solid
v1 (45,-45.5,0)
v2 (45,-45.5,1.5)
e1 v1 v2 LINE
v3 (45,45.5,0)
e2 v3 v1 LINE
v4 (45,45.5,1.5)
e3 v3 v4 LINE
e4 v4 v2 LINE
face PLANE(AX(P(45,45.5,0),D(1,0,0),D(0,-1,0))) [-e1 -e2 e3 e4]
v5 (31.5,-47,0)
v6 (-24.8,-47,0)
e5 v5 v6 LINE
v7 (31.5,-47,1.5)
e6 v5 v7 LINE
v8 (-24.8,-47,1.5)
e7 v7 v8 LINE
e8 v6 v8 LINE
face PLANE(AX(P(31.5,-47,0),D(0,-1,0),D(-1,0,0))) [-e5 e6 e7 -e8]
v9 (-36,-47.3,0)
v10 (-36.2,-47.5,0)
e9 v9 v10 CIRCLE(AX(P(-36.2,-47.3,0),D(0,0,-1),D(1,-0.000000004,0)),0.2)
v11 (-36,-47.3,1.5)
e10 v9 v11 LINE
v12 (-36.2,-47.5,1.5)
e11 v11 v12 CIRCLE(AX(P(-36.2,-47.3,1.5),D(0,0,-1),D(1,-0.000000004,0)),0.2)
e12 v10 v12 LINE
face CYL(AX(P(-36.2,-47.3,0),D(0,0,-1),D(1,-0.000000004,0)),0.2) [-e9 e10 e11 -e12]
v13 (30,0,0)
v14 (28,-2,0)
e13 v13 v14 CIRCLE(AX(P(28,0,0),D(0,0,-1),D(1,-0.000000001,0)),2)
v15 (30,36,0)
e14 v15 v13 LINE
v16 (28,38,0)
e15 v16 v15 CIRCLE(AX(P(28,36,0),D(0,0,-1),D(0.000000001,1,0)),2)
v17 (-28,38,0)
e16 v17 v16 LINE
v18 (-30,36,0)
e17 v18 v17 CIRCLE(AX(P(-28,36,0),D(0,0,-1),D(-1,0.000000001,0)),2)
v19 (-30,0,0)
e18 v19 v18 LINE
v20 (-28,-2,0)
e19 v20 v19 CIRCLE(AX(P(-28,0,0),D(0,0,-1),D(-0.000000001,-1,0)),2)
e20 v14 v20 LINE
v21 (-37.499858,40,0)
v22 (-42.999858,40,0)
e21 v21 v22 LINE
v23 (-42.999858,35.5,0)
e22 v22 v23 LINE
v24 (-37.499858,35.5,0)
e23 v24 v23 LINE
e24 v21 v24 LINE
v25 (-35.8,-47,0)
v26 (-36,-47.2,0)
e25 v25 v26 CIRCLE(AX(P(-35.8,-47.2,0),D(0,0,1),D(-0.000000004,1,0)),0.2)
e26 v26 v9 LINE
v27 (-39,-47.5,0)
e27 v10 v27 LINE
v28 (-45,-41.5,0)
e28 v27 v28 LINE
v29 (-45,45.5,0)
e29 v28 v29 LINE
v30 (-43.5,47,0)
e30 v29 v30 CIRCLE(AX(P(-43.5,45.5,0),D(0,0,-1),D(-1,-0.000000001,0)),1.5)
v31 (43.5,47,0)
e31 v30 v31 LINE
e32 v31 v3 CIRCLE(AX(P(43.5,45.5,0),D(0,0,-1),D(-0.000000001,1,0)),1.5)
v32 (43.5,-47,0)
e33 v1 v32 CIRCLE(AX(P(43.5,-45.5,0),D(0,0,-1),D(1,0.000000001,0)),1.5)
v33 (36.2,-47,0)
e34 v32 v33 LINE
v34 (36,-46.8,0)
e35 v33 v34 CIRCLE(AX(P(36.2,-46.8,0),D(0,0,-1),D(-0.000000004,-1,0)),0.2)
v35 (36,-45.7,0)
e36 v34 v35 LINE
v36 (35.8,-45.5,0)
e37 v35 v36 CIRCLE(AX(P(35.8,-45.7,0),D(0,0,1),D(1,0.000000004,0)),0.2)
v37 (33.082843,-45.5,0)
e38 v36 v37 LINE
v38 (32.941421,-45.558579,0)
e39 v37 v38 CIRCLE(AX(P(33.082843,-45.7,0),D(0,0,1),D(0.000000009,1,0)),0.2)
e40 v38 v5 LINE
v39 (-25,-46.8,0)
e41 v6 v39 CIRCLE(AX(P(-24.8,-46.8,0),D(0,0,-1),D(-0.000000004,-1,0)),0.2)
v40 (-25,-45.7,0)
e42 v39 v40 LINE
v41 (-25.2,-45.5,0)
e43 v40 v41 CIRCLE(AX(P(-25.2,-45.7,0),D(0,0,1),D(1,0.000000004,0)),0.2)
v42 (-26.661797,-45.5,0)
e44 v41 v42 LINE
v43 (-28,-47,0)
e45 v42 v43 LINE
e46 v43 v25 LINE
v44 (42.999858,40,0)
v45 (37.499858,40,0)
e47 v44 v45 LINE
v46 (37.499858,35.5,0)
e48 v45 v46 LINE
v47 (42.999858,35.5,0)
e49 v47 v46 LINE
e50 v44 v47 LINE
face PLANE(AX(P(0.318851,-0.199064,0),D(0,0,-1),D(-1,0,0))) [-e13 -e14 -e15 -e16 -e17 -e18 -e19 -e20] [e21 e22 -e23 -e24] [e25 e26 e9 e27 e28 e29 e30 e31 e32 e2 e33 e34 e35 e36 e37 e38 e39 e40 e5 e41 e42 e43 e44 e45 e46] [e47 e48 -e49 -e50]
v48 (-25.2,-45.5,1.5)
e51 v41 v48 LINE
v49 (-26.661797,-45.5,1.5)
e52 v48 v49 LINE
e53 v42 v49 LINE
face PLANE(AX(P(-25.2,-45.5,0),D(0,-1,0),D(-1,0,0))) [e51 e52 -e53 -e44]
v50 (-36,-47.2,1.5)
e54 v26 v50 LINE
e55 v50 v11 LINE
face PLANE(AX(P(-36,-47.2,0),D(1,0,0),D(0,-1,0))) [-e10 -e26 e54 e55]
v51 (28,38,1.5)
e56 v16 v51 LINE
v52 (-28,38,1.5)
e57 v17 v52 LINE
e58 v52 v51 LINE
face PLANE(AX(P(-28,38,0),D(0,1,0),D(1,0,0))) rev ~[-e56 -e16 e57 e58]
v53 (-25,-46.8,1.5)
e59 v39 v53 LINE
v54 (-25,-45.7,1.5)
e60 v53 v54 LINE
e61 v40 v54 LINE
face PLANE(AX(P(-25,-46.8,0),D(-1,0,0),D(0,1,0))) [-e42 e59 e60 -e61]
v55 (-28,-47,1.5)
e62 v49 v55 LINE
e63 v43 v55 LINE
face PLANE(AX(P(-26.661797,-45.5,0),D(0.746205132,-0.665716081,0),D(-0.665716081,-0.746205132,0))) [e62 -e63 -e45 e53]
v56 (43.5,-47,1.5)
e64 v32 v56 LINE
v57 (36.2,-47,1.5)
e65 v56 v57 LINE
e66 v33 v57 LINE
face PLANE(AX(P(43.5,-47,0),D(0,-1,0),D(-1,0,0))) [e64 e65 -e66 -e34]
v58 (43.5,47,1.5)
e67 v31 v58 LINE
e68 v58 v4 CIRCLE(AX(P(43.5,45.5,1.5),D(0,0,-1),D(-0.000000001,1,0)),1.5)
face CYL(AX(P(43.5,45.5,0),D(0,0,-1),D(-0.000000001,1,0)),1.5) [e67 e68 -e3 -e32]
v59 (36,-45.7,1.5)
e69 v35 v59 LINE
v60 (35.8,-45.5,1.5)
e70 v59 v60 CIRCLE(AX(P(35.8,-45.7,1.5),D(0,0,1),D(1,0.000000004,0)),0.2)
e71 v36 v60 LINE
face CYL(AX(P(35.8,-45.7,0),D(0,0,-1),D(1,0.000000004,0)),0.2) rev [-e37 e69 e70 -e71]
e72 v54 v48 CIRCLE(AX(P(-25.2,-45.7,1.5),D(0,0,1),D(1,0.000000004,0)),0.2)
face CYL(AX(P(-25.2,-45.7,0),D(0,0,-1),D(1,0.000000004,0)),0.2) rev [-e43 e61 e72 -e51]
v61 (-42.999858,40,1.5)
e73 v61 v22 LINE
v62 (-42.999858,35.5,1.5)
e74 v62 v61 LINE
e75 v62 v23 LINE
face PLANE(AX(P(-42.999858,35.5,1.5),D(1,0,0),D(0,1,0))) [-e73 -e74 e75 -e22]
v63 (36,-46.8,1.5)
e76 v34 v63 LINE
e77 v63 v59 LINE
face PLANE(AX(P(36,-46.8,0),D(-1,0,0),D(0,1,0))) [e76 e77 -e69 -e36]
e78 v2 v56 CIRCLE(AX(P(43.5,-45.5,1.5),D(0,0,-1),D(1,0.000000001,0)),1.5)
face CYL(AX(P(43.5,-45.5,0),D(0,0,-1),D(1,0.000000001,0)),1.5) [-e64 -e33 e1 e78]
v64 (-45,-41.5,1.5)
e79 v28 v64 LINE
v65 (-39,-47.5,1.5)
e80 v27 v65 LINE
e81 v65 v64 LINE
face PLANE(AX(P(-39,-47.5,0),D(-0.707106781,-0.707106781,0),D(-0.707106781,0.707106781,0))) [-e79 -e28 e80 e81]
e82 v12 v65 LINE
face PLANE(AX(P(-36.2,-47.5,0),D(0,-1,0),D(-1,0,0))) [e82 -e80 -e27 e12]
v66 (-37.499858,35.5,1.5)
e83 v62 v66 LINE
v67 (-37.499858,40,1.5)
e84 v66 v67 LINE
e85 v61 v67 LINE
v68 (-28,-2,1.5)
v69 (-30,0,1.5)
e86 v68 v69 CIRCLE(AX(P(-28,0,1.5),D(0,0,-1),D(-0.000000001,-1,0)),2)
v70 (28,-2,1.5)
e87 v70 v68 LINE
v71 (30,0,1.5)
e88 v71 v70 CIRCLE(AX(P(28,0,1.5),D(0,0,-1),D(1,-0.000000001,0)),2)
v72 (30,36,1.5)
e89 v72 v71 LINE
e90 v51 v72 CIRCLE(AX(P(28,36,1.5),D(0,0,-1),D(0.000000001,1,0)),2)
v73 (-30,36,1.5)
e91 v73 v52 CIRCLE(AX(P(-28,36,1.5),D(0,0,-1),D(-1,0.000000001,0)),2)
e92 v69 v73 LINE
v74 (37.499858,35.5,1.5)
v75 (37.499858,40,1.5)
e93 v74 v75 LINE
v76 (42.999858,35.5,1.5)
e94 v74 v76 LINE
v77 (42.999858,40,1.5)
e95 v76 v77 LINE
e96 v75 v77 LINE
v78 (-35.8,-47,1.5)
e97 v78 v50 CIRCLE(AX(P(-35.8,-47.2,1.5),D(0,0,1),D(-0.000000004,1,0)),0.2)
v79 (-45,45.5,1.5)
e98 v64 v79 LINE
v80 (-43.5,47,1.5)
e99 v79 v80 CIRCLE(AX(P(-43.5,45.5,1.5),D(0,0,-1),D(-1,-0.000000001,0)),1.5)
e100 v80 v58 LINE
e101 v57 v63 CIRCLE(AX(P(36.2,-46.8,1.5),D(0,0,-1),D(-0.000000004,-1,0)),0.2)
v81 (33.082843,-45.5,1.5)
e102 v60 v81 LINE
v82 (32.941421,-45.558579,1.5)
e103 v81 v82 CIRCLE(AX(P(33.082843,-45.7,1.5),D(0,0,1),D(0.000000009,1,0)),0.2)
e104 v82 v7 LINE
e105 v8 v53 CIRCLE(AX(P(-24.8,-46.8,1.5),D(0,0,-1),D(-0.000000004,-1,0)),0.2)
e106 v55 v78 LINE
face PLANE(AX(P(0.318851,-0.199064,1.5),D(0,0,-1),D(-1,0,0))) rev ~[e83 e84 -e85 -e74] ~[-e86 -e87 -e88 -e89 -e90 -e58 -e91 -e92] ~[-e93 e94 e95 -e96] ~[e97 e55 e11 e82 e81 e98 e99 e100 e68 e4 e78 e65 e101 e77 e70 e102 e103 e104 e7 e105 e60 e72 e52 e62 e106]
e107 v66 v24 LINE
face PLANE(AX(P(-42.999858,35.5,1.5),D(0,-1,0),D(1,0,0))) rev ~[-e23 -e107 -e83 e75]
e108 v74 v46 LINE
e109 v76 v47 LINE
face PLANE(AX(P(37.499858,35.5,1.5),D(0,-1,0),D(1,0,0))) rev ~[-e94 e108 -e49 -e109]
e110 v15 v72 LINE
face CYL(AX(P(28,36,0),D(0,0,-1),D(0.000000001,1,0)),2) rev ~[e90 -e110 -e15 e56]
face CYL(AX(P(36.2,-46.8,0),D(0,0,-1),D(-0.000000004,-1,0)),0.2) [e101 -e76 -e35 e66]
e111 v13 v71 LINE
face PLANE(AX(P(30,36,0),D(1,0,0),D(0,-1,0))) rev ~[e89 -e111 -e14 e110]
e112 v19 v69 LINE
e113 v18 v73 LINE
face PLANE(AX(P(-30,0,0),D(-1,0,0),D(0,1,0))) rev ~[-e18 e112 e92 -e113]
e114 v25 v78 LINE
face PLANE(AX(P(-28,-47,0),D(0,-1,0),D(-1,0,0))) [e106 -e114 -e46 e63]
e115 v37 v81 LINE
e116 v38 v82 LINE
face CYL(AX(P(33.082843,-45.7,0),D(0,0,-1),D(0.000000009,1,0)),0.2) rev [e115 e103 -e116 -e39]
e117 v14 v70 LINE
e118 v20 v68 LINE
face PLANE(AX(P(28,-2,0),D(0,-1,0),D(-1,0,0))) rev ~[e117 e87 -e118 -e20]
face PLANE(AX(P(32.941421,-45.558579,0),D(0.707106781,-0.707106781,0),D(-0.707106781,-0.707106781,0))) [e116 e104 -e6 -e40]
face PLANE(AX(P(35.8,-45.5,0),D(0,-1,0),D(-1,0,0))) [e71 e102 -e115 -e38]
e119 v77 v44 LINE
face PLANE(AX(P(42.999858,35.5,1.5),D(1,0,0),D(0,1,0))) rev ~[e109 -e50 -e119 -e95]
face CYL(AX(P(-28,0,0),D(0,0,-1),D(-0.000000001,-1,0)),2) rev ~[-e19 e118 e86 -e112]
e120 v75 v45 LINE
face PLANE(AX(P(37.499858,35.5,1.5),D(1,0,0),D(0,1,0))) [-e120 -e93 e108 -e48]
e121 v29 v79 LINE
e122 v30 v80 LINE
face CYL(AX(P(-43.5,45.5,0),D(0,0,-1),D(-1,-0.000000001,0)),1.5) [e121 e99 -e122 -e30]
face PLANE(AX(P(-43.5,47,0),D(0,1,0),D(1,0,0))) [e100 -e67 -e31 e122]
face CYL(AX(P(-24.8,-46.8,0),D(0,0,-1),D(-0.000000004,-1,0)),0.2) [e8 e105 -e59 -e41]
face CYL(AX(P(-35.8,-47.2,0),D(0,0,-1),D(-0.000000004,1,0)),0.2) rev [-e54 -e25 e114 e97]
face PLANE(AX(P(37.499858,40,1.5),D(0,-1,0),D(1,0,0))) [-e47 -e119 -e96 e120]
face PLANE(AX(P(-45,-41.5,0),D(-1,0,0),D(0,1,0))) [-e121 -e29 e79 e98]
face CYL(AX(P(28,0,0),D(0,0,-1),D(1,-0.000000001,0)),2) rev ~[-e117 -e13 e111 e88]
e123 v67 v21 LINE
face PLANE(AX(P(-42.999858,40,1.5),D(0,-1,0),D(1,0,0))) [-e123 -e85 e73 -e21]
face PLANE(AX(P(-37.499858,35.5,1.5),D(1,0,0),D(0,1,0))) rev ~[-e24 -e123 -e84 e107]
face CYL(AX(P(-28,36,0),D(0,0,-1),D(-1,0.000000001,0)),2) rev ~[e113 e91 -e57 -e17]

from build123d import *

# Parameters (mm, degrees)
BASE_EXTRUDE_DEPTH = 1.5
SKETCH12_W         = 5.5
SKETCH12_H         = 4.5
CUT_EXTRUDE5_DEPTH = 66.448452999
CUT_EXTRUDE7_DEPTH = 66.448452999


with BuildPart() as part:
    # Sketch1 → Base-Extrude (new body)
    with BuildSketch(Plane.XY):
        with BuildLine():
            Line((-43.5, 47), (0, 47))
            Line((0, 47), (43.5, 47))
            ThreePointArc((43.5, 47), (44.560660172, 46.560660172), (45, 45.5))
            Line((45, 45.5), (45, -45.5))
            ThreePointArc((45, -45.5), (44.560660172, -46.560660172), (43.5, -47))
            Line((43.5, -47), (36.2, -47))
            ThreePointArc((36.2, -47), (36.058578644, -46.941421356), (36, -46.8))
            Line((36, -46.8), (36, -45.7))
            ThreePointArc((36, -45.7), (35.941421356, -45.558578644), (35.8, -45.5))
            Line((35.8, -45.5), (33.082842712, -45.5))
            ThreePointArc((33.082842712, -45.5), (33.006306026, -45.515224093), (32.941421356, -45.558578644))
            Line((32.941421356, -45.558578644), (31.5, -47))
            Line((31.5, -47), (-24.8, -47))
            ThreePointArc((-24.8, -47), (-24.941421356, -46.941421356), (-25, -46.8))
            Line((-25, -46.8), (-25, -45.7))
            ThreePointArc((-25, -45.7), (-25.058578644, -45.558578644), (-25.2, -45.5))
            Line((-25.2, -45.5), (-26.661796764, -45.5))
            Line((-26.661796764, -45.5), (-28, -47))
            Line((-28, -47), (-35.8, -47))
            ThreePointArc((-35.8, -47), (-35.941421356, -47.058578644), (-36, -47.2))
            Line((-36, -47.2), (-36, -47.3))
            ThreePointArc((-36, -47.3), (-36.058578644, -47.441421356), (-36.2, -47.5))
            Line((-36.2, -47.5), (-39, -47.5))
            Line((-39, -47.5), (-45, -41.5))
            Line((-45, -41.5), (-45, 45.5))
            ThreePointArc((-45, 45.5), (-44.560660172, 46.560660172), (-43.5, 47))
        make_face()
    extrude(amount=BASE_EXTRUDE_DEPTH)

    # Sketch12 → Cut-Extrude5 (cut, through all)
    with BuildSketch(Plane.XY.offset(1.5)):
        with Locations((40.249857546, 37.75)):
            Rectangle(SKETCH12_W, SKETCH12_H)
        with Locations((-40.249857546, 37.75)):
            Rectangle(SKETCH12_W, SKETCH12_H)
    extrude(amount=-CUT_EXTRUDE5_DEPTH, mode=Mode.SUBTRACT)

    # Sketch13 → Cut-Extrude7 (cut, through all)
    with BuildSketch(Plane.XY):
        with BuildLine():
            Line((-28, 38), (28, 38))
            ThreePointArc((28, 38), (29.414213562, 37.414213562), (30, 36))
            Line((30, 36), (30, 0))
            ThreePointArc((30, 0), (29.414213562, -1.414213562), (28, -2))
            Line((28, -2), (-28, -2))
            ThreePointArc((-28, -2), (-29.414213562, -1.414213562), (-30, 0))
            Line((-30, 0), (-30, 36))
            ThreePointArc((-30, 36), (-29.414213562, 37.414213562), (-28, 38))
        make_face()
    extrude(amount=CUT_EXTRUDE7_DEPTH, mode=Mode.SUBTRACT)


solid = part.part
